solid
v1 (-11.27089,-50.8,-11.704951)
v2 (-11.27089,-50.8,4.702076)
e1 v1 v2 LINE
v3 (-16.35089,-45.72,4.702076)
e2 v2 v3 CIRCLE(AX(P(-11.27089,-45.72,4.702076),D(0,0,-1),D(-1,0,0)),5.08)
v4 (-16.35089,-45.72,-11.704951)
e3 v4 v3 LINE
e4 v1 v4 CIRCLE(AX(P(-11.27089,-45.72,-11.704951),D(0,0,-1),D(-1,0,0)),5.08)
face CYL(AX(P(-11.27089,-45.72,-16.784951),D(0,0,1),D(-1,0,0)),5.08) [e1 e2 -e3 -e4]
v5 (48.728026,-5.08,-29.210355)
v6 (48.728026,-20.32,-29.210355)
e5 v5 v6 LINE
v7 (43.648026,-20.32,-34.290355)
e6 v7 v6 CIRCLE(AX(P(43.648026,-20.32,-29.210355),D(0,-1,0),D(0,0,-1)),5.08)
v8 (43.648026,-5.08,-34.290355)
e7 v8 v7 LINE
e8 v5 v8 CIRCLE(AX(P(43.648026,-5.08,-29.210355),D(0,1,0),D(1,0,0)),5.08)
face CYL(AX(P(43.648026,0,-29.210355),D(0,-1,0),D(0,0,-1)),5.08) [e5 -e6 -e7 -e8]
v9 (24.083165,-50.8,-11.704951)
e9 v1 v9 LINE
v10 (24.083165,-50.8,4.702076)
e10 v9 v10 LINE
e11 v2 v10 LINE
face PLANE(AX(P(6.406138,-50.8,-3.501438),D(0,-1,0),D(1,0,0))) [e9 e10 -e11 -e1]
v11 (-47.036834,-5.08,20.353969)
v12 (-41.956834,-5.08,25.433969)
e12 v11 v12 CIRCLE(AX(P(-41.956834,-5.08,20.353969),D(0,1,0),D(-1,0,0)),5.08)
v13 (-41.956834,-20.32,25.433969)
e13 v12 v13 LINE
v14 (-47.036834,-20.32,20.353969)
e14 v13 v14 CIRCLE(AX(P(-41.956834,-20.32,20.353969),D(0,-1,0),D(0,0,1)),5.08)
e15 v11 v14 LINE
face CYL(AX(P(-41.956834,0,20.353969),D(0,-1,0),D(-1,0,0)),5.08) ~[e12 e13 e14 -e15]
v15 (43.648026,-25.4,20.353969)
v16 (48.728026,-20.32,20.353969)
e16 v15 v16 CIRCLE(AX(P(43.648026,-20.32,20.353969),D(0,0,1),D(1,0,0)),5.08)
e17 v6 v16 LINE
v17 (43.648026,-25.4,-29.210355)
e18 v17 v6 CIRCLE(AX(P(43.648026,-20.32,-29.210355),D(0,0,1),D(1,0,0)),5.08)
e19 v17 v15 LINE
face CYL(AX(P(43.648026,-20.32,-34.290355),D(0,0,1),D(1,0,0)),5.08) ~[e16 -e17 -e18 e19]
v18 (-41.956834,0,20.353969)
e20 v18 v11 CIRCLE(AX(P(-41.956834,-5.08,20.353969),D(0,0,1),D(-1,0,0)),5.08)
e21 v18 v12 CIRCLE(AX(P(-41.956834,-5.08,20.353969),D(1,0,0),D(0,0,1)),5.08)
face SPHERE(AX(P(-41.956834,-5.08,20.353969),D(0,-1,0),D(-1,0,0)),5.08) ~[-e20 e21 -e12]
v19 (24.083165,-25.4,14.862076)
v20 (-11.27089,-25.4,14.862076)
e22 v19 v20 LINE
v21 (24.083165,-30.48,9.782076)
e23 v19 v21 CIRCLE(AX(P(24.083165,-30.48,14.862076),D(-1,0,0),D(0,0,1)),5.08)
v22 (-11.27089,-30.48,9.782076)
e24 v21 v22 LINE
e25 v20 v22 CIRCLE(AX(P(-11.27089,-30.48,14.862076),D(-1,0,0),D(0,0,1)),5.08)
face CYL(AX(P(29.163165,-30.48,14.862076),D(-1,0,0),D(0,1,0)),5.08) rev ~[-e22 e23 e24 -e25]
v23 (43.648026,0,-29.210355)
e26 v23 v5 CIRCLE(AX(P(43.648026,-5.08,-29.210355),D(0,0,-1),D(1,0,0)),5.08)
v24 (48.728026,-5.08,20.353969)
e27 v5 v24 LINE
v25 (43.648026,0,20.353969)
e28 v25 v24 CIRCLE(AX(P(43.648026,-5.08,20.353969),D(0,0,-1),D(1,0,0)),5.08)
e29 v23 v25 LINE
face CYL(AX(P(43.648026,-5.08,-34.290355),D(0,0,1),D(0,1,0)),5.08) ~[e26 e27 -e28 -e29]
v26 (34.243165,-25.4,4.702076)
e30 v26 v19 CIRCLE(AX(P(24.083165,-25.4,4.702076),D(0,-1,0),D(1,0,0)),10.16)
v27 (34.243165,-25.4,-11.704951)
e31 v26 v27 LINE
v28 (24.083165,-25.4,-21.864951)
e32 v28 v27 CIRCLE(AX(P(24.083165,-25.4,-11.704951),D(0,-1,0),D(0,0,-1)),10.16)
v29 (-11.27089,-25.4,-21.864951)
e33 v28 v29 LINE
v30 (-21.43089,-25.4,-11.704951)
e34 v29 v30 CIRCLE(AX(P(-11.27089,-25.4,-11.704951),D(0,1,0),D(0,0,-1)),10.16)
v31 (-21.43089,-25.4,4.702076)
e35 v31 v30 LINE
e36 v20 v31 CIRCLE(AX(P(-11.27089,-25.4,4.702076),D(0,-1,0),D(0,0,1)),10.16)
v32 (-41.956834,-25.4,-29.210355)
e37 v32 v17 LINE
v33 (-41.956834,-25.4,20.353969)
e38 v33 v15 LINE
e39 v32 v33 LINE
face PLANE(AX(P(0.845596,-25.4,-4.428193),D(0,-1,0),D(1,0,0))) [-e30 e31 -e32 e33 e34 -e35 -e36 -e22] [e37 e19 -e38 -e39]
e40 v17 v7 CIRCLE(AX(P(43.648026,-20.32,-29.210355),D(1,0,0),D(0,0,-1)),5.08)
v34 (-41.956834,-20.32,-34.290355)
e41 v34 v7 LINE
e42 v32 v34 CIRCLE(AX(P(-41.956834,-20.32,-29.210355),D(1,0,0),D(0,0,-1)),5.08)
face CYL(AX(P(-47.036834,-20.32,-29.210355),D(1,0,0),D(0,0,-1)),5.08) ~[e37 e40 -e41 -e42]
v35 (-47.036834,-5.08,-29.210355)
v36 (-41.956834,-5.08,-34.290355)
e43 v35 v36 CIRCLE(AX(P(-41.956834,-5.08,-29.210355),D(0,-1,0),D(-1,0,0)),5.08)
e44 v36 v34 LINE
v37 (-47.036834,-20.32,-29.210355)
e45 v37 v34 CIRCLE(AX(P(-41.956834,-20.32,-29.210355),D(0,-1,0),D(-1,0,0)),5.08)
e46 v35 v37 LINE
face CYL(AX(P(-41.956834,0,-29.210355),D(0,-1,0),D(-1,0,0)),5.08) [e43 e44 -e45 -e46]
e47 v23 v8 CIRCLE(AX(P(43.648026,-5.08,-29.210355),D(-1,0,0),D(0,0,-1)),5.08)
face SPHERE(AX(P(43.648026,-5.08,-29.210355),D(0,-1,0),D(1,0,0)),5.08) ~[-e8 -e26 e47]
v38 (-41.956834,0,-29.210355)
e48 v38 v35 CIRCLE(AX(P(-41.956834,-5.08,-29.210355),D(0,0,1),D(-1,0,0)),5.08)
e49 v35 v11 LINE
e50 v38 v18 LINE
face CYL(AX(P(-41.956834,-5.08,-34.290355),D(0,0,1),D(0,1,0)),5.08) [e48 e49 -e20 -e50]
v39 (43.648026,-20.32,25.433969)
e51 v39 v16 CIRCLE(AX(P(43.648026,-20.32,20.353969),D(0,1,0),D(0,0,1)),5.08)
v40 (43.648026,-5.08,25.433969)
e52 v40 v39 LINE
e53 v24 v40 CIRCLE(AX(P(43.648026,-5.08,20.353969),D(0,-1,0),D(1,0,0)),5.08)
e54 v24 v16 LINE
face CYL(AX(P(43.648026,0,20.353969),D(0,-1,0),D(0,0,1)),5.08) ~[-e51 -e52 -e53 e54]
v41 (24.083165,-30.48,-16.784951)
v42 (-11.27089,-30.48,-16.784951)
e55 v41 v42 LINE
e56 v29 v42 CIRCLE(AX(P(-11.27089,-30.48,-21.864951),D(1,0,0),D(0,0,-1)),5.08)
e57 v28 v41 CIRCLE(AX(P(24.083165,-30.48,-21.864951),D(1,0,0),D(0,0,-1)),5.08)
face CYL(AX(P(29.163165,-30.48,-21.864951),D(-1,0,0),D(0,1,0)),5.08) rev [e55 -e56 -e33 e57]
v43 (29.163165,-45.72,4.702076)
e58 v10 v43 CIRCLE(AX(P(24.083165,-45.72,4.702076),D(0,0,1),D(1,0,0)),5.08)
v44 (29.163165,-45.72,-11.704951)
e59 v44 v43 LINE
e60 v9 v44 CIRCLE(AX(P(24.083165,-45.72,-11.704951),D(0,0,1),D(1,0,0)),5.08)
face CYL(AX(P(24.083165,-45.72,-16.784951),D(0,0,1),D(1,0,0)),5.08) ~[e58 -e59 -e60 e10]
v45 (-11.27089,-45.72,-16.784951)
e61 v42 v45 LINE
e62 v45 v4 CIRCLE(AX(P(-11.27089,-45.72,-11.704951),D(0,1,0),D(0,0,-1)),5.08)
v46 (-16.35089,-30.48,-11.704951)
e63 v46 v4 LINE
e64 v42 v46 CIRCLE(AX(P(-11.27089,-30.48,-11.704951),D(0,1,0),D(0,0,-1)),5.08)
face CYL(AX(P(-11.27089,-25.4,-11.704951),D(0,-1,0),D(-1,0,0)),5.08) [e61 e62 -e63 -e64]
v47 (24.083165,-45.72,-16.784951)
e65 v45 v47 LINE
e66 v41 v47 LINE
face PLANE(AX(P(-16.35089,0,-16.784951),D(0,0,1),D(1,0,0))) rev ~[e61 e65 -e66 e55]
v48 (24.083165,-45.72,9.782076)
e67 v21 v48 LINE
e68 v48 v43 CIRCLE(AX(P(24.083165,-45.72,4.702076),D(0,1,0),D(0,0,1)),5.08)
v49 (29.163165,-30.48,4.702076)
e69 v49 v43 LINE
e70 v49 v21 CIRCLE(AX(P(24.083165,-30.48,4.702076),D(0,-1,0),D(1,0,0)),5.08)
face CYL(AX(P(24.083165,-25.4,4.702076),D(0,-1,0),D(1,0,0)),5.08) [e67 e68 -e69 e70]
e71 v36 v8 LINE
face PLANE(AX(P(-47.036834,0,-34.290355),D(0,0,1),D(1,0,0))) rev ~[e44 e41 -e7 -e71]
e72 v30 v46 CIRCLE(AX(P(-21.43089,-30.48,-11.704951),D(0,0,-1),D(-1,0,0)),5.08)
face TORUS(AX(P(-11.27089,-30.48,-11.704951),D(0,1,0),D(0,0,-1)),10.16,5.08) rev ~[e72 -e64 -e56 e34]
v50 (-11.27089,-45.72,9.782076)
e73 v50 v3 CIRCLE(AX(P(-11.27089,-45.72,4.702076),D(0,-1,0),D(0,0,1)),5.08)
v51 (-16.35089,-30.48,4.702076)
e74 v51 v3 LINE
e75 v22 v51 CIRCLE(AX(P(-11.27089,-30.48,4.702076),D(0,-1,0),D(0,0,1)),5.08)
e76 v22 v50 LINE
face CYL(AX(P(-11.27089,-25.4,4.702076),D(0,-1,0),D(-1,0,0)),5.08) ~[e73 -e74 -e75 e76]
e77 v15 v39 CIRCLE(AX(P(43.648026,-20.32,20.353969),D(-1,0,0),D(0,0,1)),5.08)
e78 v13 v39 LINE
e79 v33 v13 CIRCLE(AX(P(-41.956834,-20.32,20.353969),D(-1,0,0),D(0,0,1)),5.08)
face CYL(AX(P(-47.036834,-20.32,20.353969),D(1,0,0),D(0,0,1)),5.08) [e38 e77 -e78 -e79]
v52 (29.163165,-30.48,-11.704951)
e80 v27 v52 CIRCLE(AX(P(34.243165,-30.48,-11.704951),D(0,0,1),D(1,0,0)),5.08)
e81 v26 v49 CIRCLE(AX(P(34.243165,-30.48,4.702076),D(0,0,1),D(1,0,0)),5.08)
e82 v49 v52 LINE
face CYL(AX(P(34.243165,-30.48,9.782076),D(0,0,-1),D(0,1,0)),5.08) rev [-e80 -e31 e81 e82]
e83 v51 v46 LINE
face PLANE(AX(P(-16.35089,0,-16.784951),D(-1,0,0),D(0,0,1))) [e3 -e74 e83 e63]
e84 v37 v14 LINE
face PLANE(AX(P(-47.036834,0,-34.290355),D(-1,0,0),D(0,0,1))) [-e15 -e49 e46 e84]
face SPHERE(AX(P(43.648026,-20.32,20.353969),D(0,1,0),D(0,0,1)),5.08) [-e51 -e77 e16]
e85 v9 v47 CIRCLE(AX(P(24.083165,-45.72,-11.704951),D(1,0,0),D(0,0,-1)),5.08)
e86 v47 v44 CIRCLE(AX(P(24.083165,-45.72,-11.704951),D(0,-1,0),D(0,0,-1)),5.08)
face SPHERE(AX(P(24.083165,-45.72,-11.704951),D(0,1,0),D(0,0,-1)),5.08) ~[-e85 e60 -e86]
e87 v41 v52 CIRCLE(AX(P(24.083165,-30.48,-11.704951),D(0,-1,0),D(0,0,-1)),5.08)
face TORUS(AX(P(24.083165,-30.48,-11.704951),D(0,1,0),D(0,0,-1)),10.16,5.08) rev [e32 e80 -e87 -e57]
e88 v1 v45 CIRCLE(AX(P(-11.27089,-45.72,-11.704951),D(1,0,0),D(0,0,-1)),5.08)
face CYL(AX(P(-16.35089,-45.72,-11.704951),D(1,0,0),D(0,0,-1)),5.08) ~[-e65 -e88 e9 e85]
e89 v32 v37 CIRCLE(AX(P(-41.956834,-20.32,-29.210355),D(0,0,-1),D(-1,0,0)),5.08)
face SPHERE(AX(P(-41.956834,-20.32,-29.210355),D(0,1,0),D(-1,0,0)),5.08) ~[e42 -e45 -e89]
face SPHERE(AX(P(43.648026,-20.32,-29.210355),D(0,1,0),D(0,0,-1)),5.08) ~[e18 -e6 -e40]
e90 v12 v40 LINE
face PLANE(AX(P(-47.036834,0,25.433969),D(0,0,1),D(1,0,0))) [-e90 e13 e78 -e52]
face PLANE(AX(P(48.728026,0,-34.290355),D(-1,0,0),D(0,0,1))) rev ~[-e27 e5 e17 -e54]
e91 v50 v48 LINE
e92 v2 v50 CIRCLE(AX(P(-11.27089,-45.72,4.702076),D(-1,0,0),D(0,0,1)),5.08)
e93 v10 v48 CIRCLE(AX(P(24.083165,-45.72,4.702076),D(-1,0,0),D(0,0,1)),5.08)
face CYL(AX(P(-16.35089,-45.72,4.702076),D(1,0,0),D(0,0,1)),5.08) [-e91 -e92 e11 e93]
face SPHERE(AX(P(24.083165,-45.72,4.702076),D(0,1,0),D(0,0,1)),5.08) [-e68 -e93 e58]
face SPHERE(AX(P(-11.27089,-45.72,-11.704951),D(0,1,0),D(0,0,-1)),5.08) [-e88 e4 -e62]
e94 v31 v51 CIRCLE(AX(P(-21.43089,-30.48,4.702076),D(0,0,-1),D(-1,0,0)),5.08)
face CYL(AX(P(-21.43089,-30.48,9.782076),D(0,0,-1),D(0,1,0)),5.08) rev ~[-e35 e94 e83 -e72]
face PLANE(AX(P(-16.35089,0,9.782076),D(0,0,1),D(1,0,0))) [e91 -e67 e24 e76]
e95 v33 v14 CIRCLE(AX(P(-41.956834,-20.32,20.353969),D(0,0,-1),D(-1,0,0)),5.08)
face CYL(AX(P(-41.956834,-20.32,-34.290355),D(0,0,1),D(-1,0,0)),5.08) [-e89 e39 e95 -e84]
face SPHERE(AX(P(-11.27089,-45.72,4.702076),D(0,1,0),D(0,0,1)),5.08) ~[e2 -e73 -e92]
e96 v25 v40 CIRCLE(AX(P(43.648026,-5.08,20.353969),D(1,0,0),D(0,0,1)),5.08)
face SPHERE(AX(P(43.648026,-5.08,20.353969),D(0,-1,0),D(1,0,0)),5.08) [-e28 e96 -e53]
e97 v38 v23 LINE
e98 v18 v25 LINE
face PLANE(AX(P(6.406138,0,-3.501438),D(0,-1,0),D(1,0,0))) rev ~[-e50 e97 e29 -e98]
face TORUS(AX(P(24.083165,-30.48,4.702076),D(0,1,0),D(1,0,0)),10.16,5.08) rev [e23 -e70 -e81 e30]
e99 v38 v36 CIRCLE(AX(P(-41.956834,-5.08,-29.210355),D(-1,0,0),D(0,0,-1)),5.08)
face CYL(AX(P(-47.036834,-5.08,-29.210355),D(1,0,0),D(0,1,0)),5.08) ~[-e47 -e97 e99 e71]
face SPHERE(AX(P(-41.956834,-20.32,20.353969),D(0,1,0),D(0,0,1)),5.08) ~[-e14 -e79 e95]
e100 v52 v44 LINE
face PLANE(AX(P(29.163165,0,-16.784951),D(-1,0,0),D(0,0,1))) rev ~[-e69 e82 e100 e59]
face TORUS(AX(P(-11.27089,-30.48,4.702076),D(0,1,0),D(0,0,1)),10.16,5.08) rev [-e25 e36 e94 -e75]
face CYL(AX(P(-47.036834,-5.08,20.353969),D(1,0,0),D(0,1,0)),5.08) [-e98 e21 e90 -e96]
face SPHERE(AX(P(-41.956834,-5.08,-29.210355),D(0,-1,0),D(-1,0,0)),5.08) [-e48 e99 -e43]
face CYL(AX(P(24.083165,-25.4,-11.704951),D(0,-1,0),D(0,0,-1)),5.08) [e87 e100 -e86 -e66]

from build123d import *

# Parameters (mm, degrees)
F0_W     = 95.7648605108
F0_H     = 59.7243234515
F1_DEPTH = 25.4
F2_W     = 45.5140545964
F2_H     = 26.5670269728
F3_DEPTH = 50.8
F4_R     = 5.08


with BuildPart() as f1:
    # F0 (on Front) → F1 (new body)
    with BuildSketch(Plane.XZ):
        with Locations((0.8455961943, -4.4281929731)):
            Rectangle(F0_W, F0_H)
    extrude(amount=F1_DEPTH)

    # F2 (on Front) → F3 (join)
    with BuildSketch(Plane.XZ):
        with Locations((6.4061377198, -3.5014376044)):
            Rectangle(F2_W, F2_H)
    extrude(amount=F3_DEPTH)

    # F4
    f4_edges = [f1.edges().sort_by_distance(p)[0] for p in [
        (-16.35089, -38.1, -16.784951),
        (29.163165, -38.1, -16.784951),
        (48.728026, -12.7, -34.290355),
        (-47.036834, -12.7, -34.290355),
        (48.728026, -12.7, 25.433969),
        (29.163165, -38.1, 9.782076),
        (-47.036834, -12.7, 25.433969),
        (-16.35089, -38.1, 9.782076),
        (6.406138, -50.8, 9.782076),
        (6.406138, -50.8, -16.784951),
        (0.845596, -25.4, 25.433969),
        (-47.036834, -25.4, -4.428193),
        (0.845596, -25.4, -34.290355),
        (-47.036834, 0, -4.428193),
        (48.728026, 0, -4.428193),
        (0.845596, 0, -34.290355),
        (0.845596, 0, 25.433969),
        (48.728026, -25.4, -4.428193),
        (29.163165, -50.8, -3.501438),
        (6.406138, -25.4, -16.784951),
        (29.163165, -25.4, -3.501438),
        (-16.35089, -50.8, -3.501438),
        (6.406138, -25.4, 9.782076),
        (-16.35089, -25.4, -3.501438),
    ]]
    fillet(f4_edges, radius=F4_R)


solid = f1.part
